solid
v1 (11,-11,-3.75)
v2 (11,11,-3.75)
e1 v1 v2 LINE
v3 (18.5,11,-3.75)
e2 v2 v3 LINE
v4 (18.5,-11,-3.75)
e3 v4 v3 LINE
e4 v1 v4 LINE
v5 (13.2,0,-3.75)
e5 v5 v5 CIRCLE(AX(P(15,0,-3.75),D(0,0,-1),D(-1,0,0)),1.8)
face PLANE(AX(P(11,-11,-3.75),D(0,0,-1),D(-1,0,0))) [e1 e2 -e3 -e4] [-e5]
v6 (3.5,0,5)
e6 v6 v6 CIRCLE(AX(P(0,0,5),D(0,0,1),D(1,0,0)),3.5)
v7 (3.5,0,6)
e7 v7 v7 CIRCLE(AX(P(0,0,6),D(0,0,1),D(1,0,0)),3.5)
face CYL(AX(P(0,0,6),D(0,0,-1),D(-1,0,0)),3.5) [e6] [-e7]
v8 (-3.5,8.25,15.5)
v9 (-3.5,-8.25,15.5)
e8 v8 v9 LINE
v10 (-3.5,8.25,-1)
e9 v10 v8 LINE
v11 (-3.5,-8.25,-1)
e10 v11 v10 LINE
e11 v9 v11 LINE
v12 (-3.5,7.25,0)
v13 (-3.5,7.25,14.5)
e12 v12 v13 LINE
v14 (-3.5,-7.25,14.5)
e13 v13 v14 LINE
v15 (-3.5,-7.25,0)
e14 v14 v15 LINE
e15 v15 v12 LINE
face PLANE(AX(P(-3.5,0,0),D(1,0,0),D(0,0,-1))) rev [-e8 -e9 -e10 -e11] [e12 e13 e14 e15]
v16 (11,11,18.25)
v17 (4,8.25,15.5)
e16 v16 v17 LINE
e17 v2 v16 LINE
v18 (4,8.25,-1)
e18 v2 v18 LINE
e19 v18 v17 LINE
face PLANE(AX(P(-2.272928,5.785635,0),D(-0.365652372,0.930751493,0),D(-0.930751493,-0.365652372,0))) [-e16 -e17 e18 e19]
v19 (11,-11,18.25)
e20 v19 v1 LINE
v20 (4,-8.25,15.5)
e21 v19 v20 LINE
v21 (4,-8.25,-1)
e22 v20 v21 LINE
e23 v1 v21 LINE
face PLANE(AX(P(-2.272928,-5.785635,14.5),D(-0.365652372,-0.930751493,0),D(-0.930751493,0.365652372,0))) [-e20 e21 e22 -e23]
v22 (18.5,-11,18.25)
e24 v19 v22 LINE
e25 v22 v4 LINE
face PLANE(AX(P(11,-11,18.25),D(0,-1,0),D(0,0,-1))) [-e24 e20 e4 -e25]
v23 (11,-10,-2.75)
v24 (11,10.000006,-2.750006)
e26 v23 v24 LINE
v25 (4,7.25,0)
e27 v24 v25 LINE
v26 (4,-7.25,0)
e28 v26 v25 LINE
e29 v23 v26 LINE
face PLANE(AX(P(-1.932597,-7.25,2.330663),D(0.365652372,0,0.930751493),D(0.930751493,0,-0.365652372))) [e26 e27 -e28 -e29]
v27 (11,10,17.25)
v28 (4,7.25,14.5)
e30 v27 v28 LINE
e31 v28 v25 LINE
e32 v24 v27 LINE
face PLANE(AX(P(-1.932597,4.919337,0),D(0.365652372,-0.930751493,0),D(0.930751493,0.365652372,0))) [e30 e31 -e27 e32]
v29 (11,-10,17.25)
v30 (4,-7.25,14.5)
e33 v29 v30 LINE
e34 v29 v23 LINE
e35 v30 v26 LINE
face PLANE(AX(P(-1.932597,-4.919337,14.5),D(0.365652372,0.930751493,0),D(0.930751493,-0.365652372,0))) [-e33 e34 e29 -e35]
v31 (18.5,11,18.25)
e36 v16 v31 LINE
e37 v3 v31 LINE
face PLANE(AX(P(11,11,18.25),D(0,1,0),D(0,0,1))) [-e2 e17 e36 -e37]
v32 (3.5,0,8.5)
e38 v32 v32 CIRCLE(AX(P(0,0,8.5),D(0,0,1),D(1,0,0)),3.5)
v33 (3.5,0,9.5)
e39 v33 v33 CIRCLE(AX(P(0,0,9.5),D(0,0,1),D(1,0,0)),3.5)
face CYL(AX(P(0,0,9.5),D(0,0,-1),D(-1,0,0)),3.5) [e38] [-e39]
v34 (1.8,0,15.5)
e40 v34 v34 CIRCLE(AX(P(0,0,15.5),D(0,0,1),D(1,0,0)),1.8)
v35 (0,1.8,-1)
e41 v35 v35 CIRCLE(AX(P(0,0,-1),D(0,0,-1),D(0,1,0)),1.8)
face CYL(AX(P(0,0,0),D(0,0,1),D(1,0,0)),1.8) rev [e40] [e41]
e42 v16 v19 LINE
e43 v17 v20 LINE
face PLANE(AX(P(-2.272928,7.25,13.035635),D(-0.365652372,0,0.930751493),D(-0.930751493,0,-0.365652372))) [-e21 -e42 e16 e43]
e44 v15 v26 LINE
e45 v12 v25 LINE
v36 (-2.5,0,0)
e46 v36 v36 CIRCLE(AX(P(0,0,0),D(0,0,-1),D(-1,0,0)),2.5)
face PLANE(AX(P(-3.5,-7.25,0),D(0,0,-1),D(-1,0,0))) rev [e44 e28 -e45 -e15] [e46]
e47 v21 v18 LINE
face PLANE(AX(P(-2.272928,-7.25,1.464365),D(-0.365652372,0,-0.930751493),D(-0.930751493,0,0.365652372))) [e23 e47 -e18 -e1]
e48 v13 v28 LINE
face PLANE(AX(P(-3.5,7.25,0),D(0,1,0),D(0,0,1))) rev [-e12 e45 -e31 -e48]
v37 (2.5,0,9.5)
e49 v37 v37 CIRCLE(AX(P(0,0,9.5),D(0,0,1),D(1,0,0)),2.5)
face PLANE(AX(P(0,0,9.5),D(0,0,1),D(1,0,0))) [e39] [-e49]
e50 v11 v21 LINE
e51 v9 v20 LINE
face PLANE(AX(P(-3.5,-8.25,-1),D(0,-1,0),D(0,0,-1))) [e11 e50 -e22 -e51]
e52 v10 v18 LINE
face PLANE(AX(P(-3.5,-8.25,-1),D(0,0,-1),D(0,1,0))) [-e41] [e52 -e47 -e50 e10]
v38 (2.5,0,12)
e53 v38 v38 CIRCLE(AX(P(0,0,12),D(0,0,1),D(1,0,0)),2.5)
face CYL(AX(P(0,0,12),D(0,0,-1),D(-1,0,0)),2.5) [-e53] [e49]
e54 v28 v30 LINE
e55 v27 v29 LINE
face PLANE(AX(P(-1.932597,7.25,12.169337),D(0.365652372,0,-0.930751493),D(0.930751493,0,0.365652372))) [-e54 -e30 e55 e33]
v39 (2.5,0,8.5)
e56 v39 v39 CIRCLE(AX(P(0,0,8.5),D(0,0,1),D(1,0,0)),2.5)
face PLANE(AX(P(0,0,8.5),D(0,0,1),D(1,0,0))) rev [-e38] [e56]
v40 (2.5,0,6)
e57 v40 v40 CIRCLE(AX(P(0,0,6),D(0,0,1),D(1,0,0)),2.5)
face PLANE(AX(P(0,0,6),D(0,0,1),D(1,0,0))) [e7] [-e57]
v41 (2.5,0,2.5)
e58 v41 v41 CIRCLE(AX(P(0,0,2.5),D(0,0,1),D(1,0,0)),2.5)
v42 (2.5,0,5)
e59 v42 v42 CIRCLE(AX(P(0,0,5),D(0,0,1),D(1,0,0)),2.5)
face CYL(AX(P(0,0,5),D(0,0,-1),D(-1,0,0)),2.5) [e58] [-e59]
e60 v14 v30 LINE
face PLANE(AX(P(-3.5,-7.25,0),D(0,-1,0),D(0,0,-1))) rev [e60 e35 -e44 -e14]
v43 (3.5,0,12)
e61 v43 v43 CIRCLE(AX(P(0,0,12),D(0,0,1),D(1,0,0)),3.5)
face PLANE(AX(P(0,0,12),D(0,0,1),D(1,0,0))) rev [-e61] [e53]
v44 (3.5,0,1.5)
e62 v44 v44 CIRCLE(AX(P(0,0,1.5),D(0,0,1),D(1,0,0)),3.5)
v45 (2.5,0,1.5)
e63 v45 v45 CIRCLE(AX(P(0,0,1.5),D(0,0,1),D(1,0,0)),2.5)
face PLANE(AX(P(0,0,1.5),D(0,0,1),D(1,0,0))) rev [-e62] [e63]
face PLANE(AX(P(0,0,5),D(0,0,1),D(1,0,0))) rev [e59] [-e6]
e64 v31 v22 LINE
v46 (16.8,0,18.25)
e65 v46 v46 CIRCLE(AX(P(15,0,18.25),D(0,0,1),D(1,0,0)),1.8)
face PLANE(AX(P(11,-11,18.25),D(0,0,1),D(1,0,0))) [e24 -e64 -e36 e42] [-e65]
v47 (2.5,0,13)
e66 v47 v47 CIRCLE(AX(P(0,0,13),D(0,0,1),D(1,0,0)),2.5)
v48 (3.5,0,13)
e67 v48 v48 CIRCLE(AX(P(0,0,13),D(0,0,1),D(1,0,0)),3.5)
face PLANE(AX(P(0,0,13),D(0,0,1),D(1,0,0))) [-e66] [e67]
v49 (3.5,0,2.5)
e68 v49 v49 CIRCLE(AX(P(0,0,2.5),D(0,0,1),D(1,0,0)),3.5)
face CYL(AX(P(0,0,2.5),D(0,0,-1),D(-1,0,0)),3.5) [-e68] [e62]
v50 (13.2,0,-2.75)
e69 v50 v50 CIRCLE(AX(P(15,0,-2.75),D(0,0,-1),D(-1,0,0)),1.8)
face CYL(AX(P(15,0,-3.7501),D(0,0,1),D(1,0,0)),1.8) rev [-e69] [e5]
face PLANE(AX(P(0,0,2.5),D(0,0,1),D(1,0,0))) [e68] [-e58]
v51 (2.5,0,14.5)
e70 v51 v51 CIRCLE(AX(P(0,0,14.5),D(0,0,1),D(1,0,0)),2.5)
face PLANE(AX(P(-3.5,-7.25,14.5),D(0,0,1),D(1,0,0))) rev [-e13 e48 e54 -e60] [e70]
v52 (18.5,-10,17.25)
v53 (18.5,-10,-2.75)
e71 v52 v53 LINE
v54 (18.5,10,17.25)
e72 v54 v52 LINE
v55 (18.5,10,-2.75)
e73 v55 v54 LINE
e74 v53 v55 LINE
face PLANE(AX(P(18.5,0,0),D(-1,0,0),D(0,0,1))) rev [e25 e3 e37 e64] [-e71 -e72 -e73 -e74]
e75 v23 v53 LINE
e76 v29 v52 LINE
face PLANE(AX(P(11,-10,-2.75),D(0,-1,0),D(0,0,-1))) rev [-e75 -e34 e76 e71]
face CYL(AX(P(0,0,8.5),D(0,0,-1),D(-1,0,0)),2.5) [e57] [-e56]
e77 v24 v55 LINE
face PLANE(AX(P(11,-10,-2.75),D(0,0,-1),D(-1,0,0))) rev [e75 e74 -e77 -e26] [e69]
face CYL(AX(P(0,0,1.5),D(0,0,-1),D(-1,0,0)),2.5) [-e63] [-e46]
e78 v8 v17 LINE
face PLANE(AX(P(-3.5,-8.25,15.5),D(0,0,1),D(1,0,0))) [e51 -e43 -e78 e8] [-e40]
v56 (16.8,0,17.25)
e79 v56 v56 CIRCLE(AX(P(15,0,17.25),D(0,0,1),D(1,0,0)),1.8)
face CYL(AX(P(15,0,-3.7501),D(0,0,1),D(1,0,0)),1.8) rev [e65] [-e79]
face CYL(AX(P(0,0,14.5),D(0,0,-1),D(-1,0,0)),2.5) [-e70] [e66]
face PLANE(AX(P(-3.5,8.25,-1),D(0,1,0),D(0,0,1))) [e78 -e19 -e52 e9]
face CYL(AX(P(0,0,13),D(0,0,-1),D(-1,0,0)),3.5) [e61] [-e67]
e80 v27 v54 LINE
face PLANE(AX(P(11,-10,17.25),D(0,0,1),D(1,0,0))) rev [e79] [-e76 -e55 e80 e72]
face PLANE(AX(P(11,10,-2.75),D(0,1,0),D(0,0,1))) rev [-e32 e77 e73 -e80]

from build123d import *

# Parameters (mm, degrees)
SKETCH_1_R               = 2.5
EXTRUDE_1_DEPTH          = 1.5
SKETCH_2_R               = 3.5
EXTRUDE_2_DEPTH          = 1
SKETCH_3_R               = 2.5
EXTRUDE_3_DEPTH          = 2.5
SKETCH_4_R               = 3.5
EXTRUDE_4_DEPTH          = 1
SKETCH_5_R               = 2.5
EXTRUDE_5_DEPTH          = 2.5
SKETCH_6_R               = 3.5
EXTRUDE_6_DEPTH          = 1
SKETCH_7_R               = 2.5
EXTRUDE_7_DEPTH          = 2.5
SKETCH_10_R              = 3.5
EXTRUDE_9_DEPTH          = 1
SKETCH_11_R              = 2.5
EXTRUDE_10_DEPTH         = 1.5
SKETCH_12_R              = 1.8
CUT_EXTRUDE_2_DEPTH      = 15.5
SKETCH_13_W              = 22
SKETCH_13_H              = 22
SKETCH_13_W_2            = 20
SKETCH_13_H_2            = 20
EXTRUDE_11_DEPTH         = 3.5
EXTRUDE_11_DEPTH_BACK    = 4
SKETCH_14_W              = 16.5
SKETCH_14_H              = 16.5
SKETCH_14_W_2            = 14.5
SKETCH_14_H_2            = 14.5
EXTRUDE_12_DEPTH         = 4
EXTRUDE_12_DEPTH_BACK    = 3.5
PATTERN_CIRCULAR_1_COUNT = 4
SKETCH_19_R              = 1.8
CUT_EXTRUDE_3_DEPTH      = 20.2500001
SKETCH_20_R              = 1.8
CUT_EXTRUDE_4_DEPTH      = 23.0000001


with BuildPart() as part:
    # ｽｹｯﾁ1 → ﾎﾞｽ - 押し出し1 (new body)
    with BuildSketch(Plane.XY):
        Circle(SKETCH_1_R)
    extrude(amount=EXTRUDE_1_DEPTH)

    # ｽｹｯﾁ2 → ﾎﾞｽ - 押し出し2 (add)
    with BuildSketch(Plane.XY.offset(1.5)):
        Circle(SKETCH_2_R)
    extrude(amount=EXTRUDE_2_DEPTH)

    # ｽｹｯﾁ3 → ﾎﾞｽ - 押し出し3 (add)
    with BuildSketch(Plane.XY.offset(2.5)):
        Circle(SKETCH_3_R)
    extrude(amount=EXTRUDE_3_DEPTH)

    # ｽｹｯﾁ4 → ﾎﾞｽ - 押し出し4 (add)
    with BuildSketch(Plane.XY.offset(5)):
        Circle(SKETCH_4_R)
    extrude(amount=EXTRUDE_4_DEPTH)

    # ｽｹｯﾁ5 → ﾎﾞｽ - 押し出し5 (add)
    with BuildSketch(Plane.XY.offset(6)):
        Circle(SKETCH_5_R)
    extrude(amount=EXTRUDE_5_DEPTH)

    # ｽｹｯﾁ6 → ﾎﾞｽ - 押し出し6 (add)
    with BuildSketch(Plane.XY.offset(8.5)):
        Circle(SKETCH_6_R)
    extrude(amount=EXTRUDE_6_DEPTH)

    # ｽｹｯﾁ7 → ﾎﾞｽ - 押し出し7 (add)
    with BuildSketch(Plane.XY.offset(9.5)):
        Circle(SKETCH_7_R)
    extrude(amount=EXTRUDE_7_DEPTH)

    # ｽｹｯﾁ10 → ﾎﾞｽ - 押し出し9 (add)
    with BuildSketch(Plane.XY.offset(12)):
        Circle(SKETCH_10_R)
    extrude(amount=EXTRUDE_9_DEPTH)

    # ｽｹｯﾁ11 → ﾎﾞｽ - 押し出し10 (add)
    with BuildSketch(Plane.XY.offset(13)):
        Circle(SKETCH_11_R)
    extrude(amount=EXTRUDE_10_DEPTH)

    # ｽｹｯﾁ12 → ｶｯﾄ - 押し出し2 (cut, through all)
    with BuildSketch(Plane.XY.offset(14.5)):
        Circle(SKETCH_12_R)
    extrude(amount=-CUT_EXTRUDE_2_DEPTH, mode=Mode.SUBTRACT)

    # ｽｹｯﾁ14 → ﾎﾞｽ - 押し出し12 (add, two sides)
    with BuildSketch(Plane(origin=(0, 0, 0), x_dir=(0, 0, -1), z_dir=(1, 0, 0))) as extrude_12_sk:
        with Locations((-7.25, 0)):
            Rectangle(SKETCH_14_W, SKETCH_14_H)
        with Locations((-7.25, 0)):
            Rectangle(SKETCH_14_W_2, SKETCH_14_H_2, mode=Mode.SUBTRACT)
    extrude(amount=EXTRUDE_12_DEPTH)
    extrude(extrude_12_sk.sketch, amount=-EXTRUDE_12_DEPTH_BACK)



with BuildPart() as body_2:
    # ｽｹｯﾁ13 → ﾎﾞｽ - 押し出し11 (new body, two sides)
    with BuildSketch(Plane(origin=(15, 0, 0), x_dir=(0, 0, -1), z_dir=(1, 0, 0))) as extrude_11_sk:
        with Locations((-7.25, 0)):
            Rectangle(SKETCH_13_W, SKETCH_13_H)
        with Locations((-7.25, 0)):
            Rectangle(SKETCH_13_W_2, SKETCH_13_H_2, mode=Mode.SUBTRACT)
    extrude(amount=EXTRUDE_11_DEPTH)
    extrude(extrude_11_sk.sketch, amount=-EXTRUDE_11_DEPTH_BACK)


with BuildPart() as part_1:
    add(part.part)

    add(body_2.part)  # ﾛﾌﾄ2 merges body 2
    # ｽｹｯﾁ16 → ﾛﾌﾄ2 section 0
    with BuildSketch(Plane.ZY.offset(-11)):
        Polygon((-3.75, 11), (-2.75, 10), (17.25, 10), (18.25, 11), align=None)
    # ｽｹｯﾁ17 → ﾛﾌﾄ2 section 1
    with BuildSketch(Plane(origin=(4, 0, 0), x_dir=(0, 0, -1), z_dir=(1, 0, 0))):
        Polygon((-15.5, 8.25), (-14.5, 7.25), (0, 7.25), (1, 8.25), align=None)
    loft_2 = loft()

    # 円形ﾊﾟﾀｰﾝ1: ﾛﾌﾄ2 ×4 about axis
    pattern_circular_1_axis = Axis((0, 0, 7.25), (1, 0, 0))
    for i in range(1, PATTERN_CIRCULAR_1_COUNT):
        add(loft_2.rotate(pattern_circular_1_axis, i * 360 / PATTERN_CIRCULAR_1_COUNT))

    # ｽｹｯﾁ19 → ｶｯﾄ - 押し出し3 (cut, through all)
    with BuildSketch(Plane.XY.offset(15.5)):
        Circle(SKETCH_19_R)
    extrude(amount=-CUT_EXTRUDE_3_DEPTH, mode=Mode.SUBTRACT)

    # ｽｹｯﾁ20 → ｶｯﾄ - 押し出し4 (cut, through all)
    with BuildSketch(Plane.XY.offset(18.25)):
        with Locations((15, 0)):
            Circle(SKETCH_20_R)
    extrude(amount=-CUT_EXTRUDE_4_DEPTH, mode=Mode.SUBTRACT)


solid = part_1.part
